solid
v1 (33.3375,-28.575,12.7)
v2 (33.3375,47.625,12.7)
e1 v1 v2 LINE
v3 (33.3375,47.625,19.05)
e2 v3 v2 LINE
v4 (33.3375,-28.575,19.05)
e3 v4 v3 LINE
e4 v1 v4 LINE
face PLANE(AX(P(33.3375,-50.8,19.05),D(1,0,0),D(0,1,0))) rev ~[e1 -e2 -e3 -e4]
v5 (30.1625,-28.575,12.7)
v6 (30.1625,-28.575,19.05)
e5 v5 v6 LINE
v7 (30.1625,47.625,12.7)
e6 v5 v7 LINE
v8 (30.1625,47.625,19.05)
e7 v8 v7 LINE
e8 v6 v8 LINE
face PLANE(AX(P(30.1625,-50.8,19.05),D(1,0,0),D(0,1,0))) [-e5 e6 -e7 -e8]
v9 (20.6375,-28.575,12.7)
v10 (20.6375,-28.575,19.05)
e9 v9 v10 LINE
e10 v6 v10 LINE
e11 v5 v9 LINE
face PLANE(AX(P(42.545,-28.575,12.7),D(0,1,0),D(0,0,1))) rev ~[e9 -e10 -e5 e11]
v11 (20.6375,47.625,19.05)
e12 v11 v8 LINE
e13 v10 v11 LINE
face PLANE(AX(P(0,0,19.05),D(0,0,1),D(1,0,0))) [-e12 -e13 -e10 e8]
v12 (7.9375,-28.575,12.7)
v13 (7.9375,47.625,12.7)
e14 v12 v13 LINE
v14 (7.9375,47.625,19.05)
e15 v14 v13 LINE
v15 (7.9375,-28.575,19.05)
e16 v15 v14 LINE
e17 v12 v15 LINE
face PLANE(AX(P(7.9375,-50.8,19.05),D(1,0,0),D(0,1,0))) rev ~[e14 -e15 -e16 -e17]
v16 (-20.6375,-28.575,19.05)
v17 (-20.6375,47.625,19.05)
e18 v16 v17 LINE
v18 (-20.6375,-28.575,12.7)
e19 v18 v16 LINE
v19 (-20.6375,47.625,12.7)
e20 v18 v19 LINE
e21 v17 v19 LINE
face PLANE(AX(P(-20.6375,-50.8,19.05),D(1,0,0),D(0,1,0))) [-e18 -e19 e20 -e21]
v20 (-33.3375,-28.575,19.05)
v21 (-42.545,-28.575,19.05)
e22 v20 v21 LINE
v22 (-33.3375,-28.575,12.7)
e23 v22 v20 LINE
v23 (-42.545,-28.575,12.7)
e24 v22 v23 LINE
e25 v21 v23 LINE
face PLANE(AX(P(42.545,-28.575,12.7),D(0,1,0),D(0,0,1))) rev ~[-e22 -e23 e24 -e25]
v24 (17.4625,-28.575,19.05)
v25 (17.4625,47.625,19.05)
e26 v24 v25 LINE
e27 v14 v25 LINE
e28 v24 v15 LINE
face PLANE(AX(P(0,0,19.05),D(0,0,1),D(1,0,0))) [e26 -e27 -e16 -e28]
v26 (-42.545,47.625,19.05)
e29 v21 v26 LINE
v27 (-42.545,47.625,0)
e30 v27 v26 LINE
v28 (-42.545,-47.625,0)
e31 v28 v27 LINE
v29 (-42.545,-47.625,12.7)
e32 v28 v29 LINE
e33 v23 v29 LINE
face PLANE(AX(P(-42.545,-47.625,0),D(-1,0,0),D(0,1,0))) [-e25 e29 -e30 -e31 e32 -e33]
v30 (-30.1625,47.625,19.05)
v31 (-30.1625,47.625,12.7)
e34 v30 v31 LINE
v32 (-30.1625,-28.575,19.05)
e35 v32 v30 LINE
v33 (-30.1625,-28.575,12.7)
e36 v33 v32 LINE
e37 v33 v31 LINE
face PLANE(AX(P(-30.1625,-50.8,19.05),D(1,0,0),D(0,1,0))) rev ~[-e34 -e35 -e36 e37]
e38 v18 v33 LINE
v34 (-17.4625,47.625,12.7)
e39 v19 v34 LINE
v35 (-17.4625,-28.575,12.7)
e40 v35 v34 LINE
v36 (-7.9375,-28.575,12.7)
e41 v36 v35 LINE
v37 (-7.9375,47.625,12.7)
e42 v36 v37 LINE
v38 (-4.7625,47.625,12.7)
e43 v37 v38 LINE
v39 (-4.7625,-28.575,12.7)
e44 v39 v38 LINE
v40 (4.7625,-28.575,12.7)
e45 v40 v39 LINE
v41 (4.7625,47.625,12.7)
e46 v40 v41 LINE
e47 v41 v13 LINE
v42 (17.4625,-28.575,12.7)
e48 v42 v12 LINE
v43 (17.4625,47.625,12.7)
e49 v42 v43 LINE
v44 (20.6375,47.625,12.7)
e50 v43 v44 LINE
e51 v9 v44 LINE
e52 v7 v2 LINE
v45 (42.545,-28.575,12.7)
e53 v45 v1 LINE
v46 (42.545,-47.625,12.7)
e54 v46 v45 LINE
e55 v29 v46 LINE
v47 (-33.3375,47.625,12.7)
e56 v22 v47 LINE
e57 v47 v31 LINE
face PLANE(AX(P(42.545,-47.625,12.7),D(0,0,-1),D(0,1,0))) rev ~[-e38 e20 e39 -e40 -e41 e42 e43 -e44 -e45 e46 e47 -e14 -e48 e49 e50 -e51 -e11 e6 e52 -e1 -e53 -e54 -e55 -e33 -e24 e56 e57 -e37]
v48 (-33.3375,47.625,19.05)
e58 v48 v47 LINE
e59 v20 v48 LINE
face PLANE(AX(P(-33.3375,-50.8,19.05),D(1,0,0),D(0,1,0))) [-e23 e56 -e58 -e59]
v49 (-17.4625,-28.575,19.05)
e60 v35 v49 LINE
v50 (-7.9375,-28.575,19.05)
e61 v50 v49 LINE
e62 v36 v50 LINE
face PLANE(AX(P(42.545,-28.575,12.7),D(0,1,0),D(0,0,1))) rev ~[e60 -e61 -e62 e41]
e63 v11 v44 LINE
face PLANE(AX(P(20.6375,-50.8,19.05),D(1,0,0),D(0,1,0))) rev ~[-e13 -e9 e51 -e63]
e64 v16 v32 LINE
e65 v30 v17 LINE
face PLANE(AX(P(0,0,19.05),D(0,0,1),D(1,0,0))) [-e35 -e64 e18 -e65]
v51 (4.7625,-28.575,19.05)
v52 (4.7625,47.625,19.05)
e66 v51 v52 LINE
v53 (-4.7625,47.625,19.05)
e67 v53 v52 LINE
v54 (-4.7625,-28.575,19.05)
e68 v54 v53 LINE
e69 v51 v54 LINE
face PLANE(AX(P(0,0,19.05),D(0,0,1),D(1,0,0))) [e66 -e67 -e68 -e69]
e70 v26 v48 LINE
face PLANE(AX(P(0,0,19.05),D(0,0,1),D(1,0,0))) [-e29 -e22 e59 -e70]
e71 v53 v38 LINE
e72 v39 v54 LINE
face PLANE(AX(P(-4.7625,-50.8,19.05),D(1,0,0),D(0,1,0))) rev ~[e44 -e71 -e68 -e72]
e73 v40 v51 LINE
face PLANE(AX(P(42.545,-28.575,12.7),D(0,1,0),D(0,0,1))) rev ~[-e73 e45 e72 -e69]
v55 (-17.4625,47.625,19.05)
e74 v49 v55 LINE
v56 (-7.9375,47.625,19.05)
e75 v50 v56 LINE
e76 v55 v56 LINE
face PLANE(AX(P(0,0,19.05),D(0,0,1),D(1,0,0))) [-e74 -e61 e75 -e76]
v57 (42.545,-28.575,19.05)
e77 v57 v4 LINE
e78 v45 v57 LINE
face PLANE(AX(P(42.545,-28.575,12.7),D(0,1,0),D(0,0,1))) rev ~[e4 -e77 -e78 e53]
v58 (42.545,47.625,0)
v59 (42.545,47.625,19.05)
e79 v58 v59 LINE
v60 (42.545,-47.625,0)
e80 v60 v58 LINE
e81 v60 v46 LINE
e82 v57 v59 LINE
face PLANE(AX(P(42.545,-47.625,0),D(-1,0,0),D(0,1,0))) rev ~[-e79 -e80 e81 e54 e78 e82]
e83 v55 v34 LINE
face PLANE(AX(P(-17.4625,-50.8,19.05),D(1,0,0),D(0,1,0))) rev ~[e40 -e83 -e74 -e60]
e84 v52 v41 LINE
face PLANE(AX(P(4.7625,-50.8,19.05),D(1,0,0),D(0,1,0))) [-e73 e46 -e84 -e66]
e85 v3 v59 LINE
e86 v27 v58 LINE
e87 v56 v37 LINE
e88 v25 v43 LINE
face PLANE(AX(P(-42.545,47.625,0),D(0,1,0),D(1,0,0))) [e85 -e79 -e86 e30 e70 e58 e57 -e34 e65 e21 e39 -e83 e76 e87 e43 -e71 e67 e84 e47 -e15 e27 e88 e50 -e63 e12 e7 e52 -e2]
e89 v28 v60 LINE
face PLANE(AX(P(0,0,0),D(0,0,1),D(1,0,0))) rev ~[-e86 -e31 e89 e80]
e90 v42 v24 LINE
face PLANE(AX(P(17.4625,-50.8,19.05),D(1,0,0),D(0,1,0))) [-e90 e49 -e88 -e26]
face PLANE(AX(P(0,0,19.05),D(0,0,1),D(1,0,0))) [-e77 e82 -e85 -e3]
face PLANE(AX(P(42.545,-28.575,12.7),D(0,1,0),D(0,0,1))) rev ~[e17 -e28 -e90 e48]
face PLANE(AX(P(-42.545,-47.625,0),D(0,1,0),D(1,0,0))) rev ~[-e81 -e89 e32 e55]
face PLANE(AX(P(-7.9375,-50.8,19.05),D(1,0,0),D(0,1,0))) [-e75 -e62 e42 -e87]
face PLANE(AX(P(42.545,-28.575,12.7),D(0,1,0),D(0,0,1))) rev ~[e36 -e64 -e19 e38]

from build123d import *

# Parameters (mm, degrees)
F0_W     = 85.09
F0_H     = 95.25
F1_DEPTH = 19.05
F2_W     = 3.175
F2_H     = 101.6
F3_DEPTH = 6.35
F4_W     = 19.05
F4_H     = 6.35
F5_DEPTH = 85.091


with BuildPart() as f1:
    # F0 (on Top) → F1 (new body)
    with BuildSketch(Plane.XY):
        Rectangle(F0_W, F0_H)
    extrude(amount=F1_DEPTH)

    # F2 (on face) → F3 (cut)
    with BuildSketch(Plane.XY.offset(19.05)):
        with Locations((-31.75, 0)):
            Rectangle(F2_W, F2_H)
        with Locations((-19.05, 0)):
            Rectangle(F2_W, F2_H)
        with Locations((-6.35, 0)):
            Rectangle(F2_W, F2_H)
        with Locations((6.35, 0)):
            Rectangle(F2_W, F2_H)
        with Locations((19.05, 0)):
            Rectangle(F2_W, F2_H)
        with Locations((31.75, 0)):
            Rectangle(F2_W, F2_H)
    extrude(amount=-F3_DEPTH, mode=Mode.SUBTRACT)

    # F4 (on face) → F5 (cut, through all)
    with BuildSketch(Plane.YZ.offset(42.545)):
        with Locations((-38.1, 15.875)):
            Rectangle(F4_W, F4_H)
    extrude(amount=-F5_DEPTH, mode=Mode.SUBTRACT)


solid = f1.part
